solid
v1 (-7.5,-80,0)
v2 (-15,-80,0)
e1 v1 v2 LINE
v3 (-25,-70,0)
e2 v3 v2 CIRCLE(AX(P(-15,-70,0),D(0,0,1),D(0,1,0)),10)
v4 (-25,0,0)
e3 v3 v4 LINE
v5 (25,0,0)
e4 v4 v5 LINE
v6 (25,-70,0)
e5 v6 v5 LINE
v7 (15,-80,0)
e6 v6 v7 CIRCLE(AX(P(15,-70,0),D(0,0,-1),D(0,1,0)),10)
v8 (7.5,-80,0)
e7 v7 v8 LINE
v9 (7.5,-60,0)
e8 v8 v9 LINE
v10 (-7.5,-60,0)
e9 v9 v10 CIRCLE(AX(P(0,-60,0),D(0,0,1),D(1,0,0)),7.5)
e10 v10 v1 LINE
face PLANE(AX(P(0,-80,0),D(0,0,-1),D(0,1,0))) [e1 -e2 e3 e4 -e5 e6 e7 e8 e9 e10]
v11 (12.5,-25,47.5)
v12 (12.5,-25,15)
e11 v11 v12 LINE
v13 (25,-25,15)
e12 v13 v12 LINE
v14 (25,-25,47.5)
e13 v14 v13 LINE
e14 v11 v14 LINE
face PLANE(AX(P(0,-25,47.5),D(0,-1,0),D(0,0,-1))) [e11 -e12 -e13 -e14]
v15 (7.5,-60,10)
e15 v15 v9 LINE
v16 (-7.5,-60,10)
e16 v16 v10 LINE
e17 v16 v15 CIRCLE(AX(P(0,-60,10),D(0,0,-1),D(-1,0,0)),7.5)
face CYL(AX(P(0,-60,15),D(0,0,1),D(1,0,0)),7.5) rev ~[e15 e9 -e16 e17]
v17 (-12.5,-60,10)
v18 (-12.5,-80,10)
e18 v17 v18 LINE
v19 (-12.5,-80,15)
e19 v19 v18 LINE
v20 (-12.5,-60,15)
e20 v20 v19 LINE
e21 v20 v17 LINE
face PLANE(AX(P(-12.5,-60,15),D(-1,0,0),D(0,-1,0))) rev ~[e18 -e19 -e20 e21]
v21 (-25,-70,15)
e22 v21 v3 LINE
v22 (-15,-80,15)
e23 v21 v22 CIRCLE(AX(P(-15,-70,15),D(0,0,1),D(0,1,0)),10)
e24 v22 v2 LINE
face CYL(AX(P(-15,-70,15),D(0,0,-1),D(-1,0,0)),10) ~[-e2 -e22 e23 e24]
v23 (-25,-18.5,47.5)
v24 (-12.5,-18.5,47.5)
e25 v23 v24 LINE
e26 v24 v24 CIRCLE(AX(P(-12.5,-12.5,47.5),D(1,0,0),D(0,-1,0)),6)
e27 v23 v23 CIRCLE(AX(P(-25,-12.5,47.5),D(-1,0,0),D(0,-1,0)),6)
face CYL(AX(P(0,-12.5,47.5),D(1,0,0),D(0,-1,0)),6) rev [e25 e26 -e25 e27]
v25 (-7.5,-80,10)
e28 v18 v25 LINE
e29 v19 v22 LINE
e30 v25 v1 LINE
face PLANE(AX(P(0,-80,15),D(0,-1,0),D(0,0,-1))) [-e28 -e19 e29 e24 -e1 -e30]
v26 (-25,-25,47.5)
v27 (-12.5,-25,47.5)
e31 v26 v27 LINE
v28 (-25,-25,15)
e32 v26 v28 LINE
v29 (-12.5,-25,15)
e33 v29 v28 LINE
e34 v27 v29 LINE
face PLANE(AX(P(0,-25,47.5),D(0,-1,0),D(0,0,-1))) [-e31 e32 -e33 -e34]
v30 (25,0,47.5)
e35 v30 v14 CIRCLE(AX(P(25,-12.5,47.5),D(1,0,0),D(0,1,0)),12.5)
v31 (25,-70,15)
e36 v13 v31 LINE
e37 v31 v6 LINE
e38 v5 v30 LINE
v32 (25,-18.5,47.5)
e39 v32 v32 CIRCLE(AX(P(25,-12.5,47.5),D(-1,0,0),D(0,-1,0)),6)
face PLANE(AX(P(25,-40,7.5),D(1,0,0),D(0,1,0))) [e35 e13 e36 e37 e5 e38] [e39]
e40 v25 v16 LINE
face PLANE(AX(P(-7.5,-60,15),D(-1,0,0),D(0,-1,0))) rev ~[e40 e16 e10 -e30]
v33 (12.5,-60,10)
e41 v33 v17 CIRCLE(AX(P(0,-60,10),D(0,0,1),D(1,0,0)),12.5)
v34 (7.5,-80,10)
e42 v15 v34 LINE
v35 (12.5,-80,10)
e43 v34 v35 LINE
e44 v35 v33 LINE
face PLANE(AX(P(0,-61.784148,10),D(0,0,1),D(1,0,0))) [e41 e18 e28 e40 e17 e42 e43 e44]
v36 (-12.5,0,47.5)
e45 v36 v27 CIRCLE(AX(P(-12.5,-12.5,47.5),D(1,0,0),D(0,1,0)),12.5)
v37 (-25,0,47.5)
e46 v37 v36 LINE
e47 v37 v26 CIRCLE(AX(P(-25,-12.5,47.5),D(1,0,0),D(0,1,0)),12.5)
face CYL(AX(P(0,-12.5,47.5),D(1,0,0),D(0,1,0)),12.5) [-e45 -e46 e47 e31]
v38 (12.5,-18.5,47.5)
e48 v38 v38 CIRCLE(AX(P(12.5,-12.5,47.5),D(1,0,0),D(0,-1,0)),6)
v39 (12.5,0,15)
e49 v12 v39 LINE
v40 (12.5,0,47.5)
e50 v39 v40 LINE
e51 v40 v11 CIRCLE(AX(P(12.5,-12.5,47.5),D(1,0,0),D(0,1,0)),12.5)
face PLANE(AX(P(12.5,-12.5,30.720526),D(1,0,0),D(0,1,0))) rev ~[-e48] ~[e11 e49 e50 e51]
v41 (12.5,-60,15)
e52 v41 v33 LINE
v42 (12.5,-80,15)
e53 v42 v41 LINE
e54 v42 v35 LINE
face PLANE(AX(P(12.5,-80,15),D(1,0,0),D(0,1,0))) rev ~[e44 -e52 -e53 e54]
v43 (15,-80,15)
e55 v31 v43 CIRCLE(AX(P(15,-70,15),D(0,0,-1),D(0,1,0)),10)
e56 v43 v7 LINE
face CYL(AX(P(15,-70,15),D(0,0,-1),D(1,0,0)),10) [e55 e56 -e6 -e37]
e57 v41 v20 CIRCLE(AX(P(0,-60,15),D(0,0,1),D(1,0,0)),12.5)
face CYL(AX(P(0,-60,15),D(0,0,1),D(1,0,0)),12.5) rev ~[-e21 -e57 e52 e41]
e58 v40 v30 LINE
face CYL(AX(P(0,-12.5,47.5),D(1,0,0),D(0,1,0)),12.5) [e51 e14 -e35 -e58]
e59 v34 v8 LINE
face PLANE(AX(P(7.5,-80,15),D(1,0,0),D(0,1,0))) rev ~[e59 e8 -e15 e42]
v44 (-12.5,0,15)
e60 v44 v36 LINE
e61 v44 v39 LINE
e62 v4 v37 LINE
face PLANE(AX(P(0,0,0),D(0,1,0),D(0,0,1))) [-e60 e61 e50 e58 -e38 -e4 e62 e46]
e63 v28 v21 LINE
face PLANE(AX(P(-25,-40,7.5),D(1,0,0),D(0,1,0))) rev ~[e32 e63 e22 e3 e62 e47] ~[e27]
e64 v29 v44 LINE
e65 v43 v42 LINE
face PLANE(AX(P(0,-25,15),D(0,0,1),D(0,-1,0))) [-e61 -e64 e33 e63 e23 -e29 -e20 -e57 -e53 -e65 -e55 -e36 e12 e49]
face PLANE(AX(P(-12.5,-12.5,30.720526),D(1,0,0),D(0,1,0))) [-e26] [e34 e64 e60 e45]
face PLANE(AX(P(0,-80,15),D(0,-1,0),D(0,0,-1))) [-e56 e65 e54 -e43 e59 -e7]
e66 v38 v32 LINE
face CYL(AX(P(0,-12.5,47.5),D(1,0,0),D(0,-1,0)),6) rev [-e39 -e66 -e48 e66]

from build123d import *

# Parameters (mm, degrees)
F1_DEPTH = 25
F2_DEPTH = 12.5
F3_R     = 10
F4_W     = 15
F4_H     = 5
F5_DEPTH = 15
F4_W_2   = 5
F6_DEPTH = 5


with BuildPart() as f1:
    # F0 (on Right) → F1 (new body, symmetric)
    with BuildSketch(Plane.YZ):
        Polygon((-80, 0), (0, 0), (0, 15), (-25, 15), (-80, 15), align=None)
        with BuildLine():
            Line((-25, 15), (0, 15))
            Line((0, 15), (0, 47.5))
            ThreePointArc((0, 47.5), (-12.5, 35), (-25, 47.5))
            Line((-25, 47.5), (-25, 15))
        make_face()
        with BuildLine():
            ThreePointArc((-25, 47.5), (-12.5, 35), (0, 47.5))
            Line((0, 47.5), (-6.5, 47.5))
            ThreePointArc((-6.5, 47.5), (-12.5, 41.5), (-18.5, 47.5))
            Line((-18.5, 47.5), (-25, 47.5))
        make_face()
        with BuildLine():
            Line((-6.5, 47.5), (0, 47.5))
            ThreePointArc((0, 47.5), (-12.5, 60), (-25, 47.5))
            Line((-25, 47.5), (-18.5, 47.5))
            ThreePointArc((-18.5, 47.5), (-12.5, 53.5), (-6.5, 47.5))
        make_face()
    extrude(amount=F1_DEPTH, both=True)

    # F0 (on Right) → F2 (cut, symmetric)
    with BuildSketch(Plane.YZ):
        with BuildLine():
            Line((-25, 15), (0, 15))
            Line((0, 15), (0, 47.5))
            ThreePointArc((0, 47.5), (-12.5, 35), (-25, 47.5))
            Line((-25, 47.5), (-25, 15))
        make_face()
        with BuildLine():
            ThreePointArc((-25, 47.5), (-12.5, 35), (0, 47.5))
            Line((0, 47.5), (-6.5, 47.5))
            ThreePointArc((-6.5, 47.5), (-12.5, 41.5), (-18.5, 47.5))
            Line((-18.5, 47.5), (-25, 47.5))
        make_face()
        with BuildLine():
            ThreePointArc((-18.5, 47.5), (-12.5, 41.5), (-6.5, 47.5))
            Line((-6.5, 47.5), (-18.5, 47.5))
        make_face()
        with BuildLine():
            Line((-18.5, 47.5), (-6.5, 47.5))
            ThreePointArc((-6.5, 47.5), (-12.5, 53.5), (-18.5, 47.5))
        make_face()
        with BuildLine():
            Line((-6.5, 47.5), (0, 47.5))
            ThreePointArc((0, 47.5), (-12.5, 60), (-25, 47.5))
            Line((-25, 47.5), (-18.5, 47.5))
            ThreePointArc((-18.5, 47.5), (-12.5, 53.5), (-6.5, 47.5))
        make_face()
    extrude(amount=F2_DEPTH, both=True, mode=Mode.SUBTRACT)

    # F3
    f3_edges = [f1.edges().sort_by_distance(p)[0] for p in [
        (25, -80, 7.5),
        (-25, -80, 7.5),
    ]]
    fillet(f3_edges, radius=F3_R)

    # F4 (on face) → F5 (cut, through all)
    with BuildSketch(Plane.XY.offset(15)):
        with BuildLine():
            Line((-7.5, -60), (-7.5, -75))
            Line((-7.5, -75), (7.5, -75))
            Line((7.5, -75), (7.5, -60))
            ThreePointArc((7.5, -60), (0, -52.5), (-7.5, -60))
        make_face()
        with Locations((0, -77.5)):
            Rectangle(F4_W, F4_H)
    extrude(amount=-F5_DEPTH, mode=Mode.SUBTRACT)

    # F4 (on face) → F6 (cut)
    with BuildSketch(Plane.XY.offset(15)):
        with BuildLine():
            Line((-12.5, -75), (-7.5, -75))
            Line((-7.5, -75), (-7.5, -60))
            ThreePointArc((-7.5, -60), (0, -52.5), (7.5, -60))
            Line((7.5, -60), (7.5, -75))
            Line((7.5, -75), (12.5, -75))
            Line((12.5, -75), (12.5, -60))
            ThreePointArc((12.5, -60), (0, -47.5), (-12.5, -60))
            Line((-12.5, -60), (-12.5, -75))
        make_face()
        with Locations((-10, -77.5)):
            Rectangle(F4_W_2, F4_H)
        with Locations((10, -77.5)):
            Rectangle(F4_W_2, F4_H)
    extrude(amount=-F6_DEPTH, mode=Mode.SUBTRACT)


solid = f1.part
